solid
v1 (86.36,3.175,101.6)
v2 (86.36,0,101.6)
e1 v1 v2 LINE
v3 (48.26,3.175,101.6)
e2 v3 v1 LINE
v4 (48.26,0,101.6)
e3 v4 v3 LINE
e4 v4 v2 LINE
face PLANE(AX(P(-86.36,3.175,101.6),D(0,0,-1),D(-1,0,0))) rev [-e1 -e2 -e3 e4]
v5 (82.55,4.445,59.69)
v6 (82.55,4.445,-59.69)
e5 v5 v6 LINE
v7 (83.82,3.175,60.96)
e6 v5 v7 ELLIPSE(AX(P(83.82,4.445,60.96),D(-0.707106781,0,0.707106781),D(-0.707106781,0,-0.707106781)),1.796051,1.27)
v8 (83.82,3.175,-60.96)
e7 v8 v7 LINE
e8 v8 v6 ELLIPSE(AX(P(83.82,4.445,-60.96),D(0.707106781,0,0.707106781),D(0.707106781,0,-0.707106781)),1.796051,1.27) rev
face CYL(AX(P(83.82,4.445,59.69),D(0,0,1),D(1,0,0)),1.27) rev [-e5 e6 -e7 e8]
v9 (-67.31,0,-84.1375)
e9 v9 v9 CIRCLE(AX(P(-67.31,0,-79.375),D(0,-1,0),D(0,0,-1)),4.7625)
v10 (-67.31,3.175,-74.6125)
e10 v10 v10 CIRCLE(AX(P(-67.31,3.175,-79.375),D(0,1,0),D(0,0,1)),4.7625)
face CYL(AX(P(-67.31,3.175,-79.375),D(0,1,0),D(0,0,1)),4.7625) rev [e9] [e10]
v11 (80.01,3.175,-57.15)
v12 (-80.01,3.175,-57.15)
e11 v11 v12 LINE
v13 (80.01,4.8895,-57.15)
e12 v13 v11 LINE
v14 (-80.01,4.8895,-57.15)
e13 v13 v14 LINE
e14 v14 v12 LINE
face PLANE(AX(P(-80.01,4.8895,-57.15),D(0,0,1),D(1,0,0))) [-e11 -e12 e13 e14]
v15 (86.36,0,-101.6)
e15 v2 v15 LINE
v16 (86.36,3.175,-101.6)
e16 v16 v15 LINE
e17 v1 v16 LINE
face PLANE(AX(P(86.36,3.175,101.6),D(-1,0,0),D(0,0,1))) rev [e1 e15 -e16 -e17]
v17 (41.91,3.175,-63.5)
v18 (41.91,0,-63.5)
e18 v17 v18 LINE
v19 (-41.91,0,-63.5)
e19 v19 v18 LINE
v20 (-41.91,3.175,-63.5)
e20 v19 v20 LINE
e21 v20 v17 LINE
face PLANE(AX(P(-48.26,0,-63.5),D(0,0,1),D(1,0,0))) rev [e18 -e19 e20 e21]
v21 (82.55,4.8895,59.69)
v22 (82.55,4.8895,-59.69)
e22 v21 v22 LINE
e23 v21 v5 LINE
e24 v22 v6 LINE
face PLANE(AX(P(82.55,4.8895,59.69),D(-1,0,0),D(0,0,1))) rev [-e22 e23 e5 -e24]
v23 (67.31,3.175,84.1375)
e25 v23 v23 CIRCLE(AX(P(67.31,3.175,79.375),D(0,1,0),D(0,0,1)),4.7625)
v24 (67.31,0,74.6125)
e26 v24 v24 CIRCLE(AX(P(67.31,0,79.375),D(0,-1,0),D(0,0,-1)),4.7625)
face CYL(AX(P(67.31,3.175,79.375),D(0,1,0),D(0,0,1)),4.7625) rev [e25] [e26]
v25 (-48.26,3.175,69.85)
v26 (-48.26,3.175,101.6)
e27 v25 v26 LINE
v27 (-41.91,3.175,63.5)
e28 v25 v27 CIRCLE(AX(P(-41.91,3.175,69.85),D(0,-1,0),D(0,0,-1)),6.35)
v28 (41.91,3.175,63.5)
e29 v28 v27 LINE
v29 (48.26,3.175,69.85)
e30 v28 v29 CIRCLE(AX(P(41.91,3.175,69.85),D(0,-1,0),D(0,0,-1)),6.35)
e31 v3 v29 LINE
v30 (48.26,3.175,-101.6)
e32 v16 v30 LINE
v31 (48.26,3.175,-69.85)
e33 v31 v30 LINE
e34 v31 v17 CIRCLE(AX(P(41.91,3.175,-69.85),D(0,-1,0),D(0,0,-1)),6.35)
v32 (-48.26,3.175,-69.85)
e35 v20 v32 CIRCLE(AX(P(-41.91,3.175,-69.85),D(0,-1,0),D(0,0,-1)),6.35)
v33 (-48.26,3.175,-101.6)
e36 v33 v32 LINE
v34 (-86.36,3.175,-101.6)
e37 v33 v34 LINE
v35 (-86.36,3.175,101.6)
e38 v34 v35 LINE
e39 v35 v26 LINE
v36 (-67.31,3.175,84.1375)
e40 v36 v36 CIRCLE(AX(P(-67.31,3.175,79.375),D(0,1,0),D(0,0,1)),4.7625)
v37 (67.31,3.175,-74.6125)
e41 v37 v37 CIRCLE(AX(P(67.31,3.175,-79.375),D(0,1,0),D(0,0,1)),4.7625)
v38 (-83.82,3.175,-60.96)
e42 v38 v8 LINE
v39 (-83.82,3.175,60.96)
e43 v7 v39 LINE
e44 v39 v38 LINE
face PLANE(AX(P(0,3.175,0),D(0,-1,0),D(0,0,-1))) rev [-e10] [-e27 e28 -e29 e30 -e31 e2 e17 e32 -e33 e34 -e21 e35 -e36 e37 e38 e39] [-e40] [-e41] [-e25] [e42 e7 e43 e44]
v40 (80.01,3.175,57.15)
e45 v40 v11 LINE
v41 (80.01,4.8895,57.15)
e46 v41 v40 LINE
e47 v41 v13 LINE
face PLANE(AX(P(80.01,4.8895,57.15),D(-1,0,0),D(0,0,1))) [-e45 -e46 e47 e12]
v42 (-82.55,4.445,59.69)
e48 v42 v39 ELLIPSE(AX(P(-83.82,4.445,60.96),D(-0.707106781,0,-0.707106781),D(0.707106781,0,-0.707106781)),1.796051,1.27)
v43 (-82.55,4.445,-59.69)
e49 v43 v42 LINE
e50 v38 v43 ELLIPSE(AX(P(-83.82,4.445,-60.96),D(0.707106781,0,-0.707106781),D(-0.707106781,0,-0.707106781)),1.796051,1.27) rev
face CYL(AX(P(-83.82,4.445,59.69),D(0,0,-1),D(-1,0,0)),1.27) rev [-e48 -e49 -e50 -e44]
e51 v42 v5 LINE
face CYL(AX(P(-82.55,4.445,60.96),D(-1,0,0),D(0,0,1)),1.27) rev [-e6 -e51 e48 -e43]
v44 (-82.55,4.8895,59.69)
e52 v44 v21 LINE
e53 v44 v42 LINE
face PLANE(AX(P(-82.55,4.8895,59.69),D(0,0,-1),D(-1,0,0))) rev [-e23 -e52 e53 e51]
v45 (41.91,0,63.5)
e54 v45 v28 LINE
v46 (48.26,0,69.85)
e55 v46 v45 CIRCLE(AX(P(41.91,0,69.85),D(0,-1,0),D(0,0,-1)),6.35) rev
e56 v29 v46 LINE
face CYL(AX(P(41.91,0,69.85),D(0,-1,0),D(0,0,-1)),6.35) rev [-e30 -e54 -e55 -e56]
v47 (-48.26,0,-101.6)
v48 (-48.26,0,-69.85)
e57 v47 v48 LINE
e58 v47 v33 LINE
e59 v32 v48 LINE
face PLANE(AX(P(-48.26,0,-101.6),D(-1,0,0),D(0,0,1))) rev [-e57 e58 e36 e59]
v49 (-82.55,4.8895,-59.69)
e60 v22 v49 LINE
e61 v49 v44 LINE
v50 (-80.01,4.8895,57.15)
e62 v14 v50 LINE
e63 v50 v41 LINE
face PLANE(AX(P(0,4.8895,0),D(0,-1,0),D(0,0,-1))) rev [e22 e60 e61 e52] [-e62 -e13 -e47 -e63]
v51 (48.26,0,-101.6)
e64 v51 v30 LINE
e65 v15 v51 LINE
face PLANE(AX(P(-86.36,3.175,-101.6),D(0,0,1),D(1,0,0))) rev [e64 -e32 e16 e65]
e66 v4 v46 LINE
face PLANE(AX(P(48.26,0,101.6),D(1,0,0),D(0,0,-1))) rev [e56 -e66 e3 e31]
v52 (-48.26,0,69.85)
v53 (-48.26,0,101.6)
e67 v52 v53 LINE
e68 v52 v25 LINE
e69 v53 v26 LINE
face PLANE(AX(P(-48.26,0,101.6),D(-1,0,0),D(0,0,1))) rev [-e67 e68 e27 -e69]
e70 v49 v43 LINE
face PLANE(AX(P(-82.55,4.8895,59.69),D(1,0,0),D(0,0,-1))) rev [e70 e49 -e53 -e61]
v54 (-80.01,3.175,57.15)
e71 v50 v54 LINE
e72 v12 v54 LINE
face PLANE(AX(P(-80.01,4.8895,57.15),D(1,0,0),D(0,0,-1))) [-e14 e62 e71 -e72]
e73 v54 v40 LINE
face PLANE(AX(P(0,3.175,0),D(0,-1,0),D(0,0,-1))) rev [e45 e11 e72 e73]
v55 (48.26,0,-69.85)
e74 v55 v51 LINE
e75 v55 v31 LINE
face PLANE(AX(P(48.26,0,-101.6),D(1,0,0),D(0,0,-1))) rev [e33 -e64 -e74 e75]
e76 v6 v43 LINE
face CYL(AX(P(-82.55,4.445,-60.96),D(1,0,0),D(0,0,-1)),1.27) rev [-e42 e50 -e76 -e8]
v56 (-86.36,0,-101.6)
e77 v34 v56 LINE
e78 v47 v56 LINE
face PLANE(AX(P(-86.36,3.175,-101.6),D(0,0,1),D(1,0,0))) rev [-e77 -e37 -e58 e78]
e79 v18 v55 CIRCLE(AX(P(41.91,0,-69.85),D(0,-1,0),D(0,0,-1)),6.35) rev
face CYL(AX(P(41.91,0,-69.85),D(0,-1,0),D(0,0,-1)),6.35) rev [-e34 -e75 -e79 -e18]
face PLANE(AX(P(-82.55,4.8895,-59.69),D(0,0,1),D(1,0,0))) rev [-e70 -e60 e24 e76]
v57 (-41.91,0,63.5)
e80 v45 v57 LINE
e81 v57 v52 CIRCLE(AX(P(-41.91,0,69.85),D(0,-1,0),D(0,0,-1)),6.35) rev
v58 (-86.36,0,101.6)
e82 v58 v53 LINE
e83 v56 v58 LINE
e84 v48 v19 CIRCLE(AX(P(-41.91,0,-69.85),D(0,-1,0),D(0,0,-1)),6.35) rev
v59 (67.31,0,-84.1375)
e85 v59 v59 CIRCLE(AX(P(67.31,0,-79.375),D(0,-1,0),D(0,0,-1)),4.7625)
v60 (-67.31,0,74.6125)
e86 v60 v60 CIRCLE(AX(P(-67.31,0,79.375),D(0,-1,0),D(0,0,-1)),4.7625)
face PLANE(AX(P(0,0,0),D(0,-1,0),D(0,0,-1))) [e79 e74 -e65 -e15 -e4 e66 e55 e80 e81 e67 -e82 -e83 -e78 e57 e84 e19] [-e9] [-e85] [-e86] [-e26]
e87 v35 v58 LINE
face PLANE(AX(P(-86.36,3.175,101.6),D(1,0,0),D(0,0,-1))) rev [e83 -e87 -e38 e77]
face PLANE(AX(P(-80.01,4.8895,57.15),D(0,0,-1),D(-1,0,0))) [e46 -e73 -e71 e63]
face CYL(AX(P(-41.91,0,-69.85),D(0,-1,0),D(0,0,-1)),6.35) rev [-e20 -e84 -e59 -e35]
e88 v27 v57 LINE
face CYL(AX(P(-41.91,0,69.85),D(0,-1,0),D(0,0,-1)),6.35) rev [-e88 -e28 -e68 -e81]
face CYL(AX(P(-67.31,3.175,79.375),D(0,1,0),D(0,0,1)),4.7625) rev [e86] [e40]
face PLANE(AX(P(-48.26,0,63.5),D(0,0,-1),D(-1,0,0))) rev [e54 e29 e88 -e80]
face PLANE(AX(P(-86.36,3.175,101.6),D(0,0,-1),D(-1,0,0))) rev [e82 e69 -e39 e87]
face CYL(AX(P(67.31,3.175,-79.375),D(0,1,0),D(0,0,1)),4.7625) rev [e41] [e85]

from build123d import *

# Parameters (mm, degrees)
SKETCH1_W                    = 172.72
SKETCH1_H                    = 203.2
BOSS_EXTRUDE1_DEPTH          = 3.175
SKETCH2_W                    = 96.52
SKETCH2_H                    = 38.1
CUT_EXTRUDE1_DEPTH           = 134.381746221
FILLET1_R                    = 6.35
SKETCH6_W                    = 165.1
SKETCH6_H                    = 119.38
SKETCH6_W_2                  = 160.02
SKETCH6_H_2                  = 114.3
BOSS_EXTRUDE2_DEPTH          = 1.7145
FILLET2_R                    = 1.27
F_3_8_0_375_DIAMETER_HOLE1_D = 9.525
MIRROR5_COPY_1_D             = 9.525


with BuildPart() as part:
    # Sketch1 → Boss-Extrude1 (new body)
    with BuildSketch(Plane(origin=(0, 0, 0), x_dir=(1, 0, 0), z_dir=(0, 1, 0))):
        Rectangle(SKETCH1_W, SKETCH1_H)
    extrude(amount=BOSS_EXTRUDE1_DEPTH)

    # Sketch2 → Cut-Extrude1 (cut, through all)
    with BuildSketch(Plane(origin=(0, 3.175, 0), x_dir=(1, 0, 0), z_dir=(0, 1, 0))):
        with Locations((0, 82.55)):
            Rectangle(SKETCH2_W, SKETCH2_H)
        with Locations((0, -82.55)):
            Rectangle(SKETCH2_W, SKETCH2_H)
    extrude(amount=-CUT_EXTRUDE1_DEPTH, mode=Mode.SUBTRACT)

    # Fillet1
    fillet1_edges = [part.edges().sort_by_distance(p)[0] for p in [
        (-48.26, 1.5875, -63.5),
        (48.26, 1.5875, -63.5),
        (-48.26, 1.5875, 63.5),
        (48.26, 1.5875, 63.5),
    ]]
    fillet(fillet1_edges, radius=FILLET1_R)

    # Sketch6 → Boss-Extrude2 (add)
    with BuildSketch(Plane(origin=(0, 3.175, 0), x_dir=(1, 0, 0), z_dir=(0, 1, 0))):
        Rectangle(SKETCH6_W, SKETCH6_H)
        Rectangle(SKETCH6_W_2, SKETCH6_H_2, mode=Mode.SUBTRACT)
    extrude(amount=BOSS_EXTRUDE2_DEPTH)

    # Fillet2
    fillet2_edges = [part.edges().sort_by_distance(p)[0] for p in [
        (82.55, 3.175, 0),
        (0, 3.175, -59.69),
        (-82.55, 3.175, 0),
        (0, 3.175, 59.69),
    ]]
    fillet(fillet2_edges, radius=FILLET2_R)

    # 3/8 (0.375) Diameter Hole1 (through all)
    with Locations(Plane(origin=(0, 3.175, 0), x_dir=(1, 0, 0), z_dir=(0, 1, 0))):
        with Locations((-67.31, -79.375)):
            f_3_8_0_375_diameter_hole1 = Hole(F_3_8_0_375_DIAMETER_HOLE1_D / 2)

    # Mirror4: 3/8 (0.375) Diameter Hole1 across plane
    add(f_3_8_0_375_diameter_hole1.mirror(Plane.XY), mode=Mode.SUBTRACT)

    # Mirror5: 3/8 (0.375) Diameter Hole1 across plane
    add(f_3_8_0_375_diameter_hole1.mirror(Plane(origin=(0, 0, 0), x_dir=(0, 0, 1), z_dir=(1, 0, 0))), mode=Mode.SUBTRACT)

    # Mirror5 copy 1 (through all)
    with Locations(Plane(origin=(0, 3.175, 0), x_dir=(-1, 0, 0), z_dir=(0, 1, 0))):
        with Locations((-67.31, -79.375)):
            Hole(MIRROR5_COPY_1_D / 2)


solid = part.part
